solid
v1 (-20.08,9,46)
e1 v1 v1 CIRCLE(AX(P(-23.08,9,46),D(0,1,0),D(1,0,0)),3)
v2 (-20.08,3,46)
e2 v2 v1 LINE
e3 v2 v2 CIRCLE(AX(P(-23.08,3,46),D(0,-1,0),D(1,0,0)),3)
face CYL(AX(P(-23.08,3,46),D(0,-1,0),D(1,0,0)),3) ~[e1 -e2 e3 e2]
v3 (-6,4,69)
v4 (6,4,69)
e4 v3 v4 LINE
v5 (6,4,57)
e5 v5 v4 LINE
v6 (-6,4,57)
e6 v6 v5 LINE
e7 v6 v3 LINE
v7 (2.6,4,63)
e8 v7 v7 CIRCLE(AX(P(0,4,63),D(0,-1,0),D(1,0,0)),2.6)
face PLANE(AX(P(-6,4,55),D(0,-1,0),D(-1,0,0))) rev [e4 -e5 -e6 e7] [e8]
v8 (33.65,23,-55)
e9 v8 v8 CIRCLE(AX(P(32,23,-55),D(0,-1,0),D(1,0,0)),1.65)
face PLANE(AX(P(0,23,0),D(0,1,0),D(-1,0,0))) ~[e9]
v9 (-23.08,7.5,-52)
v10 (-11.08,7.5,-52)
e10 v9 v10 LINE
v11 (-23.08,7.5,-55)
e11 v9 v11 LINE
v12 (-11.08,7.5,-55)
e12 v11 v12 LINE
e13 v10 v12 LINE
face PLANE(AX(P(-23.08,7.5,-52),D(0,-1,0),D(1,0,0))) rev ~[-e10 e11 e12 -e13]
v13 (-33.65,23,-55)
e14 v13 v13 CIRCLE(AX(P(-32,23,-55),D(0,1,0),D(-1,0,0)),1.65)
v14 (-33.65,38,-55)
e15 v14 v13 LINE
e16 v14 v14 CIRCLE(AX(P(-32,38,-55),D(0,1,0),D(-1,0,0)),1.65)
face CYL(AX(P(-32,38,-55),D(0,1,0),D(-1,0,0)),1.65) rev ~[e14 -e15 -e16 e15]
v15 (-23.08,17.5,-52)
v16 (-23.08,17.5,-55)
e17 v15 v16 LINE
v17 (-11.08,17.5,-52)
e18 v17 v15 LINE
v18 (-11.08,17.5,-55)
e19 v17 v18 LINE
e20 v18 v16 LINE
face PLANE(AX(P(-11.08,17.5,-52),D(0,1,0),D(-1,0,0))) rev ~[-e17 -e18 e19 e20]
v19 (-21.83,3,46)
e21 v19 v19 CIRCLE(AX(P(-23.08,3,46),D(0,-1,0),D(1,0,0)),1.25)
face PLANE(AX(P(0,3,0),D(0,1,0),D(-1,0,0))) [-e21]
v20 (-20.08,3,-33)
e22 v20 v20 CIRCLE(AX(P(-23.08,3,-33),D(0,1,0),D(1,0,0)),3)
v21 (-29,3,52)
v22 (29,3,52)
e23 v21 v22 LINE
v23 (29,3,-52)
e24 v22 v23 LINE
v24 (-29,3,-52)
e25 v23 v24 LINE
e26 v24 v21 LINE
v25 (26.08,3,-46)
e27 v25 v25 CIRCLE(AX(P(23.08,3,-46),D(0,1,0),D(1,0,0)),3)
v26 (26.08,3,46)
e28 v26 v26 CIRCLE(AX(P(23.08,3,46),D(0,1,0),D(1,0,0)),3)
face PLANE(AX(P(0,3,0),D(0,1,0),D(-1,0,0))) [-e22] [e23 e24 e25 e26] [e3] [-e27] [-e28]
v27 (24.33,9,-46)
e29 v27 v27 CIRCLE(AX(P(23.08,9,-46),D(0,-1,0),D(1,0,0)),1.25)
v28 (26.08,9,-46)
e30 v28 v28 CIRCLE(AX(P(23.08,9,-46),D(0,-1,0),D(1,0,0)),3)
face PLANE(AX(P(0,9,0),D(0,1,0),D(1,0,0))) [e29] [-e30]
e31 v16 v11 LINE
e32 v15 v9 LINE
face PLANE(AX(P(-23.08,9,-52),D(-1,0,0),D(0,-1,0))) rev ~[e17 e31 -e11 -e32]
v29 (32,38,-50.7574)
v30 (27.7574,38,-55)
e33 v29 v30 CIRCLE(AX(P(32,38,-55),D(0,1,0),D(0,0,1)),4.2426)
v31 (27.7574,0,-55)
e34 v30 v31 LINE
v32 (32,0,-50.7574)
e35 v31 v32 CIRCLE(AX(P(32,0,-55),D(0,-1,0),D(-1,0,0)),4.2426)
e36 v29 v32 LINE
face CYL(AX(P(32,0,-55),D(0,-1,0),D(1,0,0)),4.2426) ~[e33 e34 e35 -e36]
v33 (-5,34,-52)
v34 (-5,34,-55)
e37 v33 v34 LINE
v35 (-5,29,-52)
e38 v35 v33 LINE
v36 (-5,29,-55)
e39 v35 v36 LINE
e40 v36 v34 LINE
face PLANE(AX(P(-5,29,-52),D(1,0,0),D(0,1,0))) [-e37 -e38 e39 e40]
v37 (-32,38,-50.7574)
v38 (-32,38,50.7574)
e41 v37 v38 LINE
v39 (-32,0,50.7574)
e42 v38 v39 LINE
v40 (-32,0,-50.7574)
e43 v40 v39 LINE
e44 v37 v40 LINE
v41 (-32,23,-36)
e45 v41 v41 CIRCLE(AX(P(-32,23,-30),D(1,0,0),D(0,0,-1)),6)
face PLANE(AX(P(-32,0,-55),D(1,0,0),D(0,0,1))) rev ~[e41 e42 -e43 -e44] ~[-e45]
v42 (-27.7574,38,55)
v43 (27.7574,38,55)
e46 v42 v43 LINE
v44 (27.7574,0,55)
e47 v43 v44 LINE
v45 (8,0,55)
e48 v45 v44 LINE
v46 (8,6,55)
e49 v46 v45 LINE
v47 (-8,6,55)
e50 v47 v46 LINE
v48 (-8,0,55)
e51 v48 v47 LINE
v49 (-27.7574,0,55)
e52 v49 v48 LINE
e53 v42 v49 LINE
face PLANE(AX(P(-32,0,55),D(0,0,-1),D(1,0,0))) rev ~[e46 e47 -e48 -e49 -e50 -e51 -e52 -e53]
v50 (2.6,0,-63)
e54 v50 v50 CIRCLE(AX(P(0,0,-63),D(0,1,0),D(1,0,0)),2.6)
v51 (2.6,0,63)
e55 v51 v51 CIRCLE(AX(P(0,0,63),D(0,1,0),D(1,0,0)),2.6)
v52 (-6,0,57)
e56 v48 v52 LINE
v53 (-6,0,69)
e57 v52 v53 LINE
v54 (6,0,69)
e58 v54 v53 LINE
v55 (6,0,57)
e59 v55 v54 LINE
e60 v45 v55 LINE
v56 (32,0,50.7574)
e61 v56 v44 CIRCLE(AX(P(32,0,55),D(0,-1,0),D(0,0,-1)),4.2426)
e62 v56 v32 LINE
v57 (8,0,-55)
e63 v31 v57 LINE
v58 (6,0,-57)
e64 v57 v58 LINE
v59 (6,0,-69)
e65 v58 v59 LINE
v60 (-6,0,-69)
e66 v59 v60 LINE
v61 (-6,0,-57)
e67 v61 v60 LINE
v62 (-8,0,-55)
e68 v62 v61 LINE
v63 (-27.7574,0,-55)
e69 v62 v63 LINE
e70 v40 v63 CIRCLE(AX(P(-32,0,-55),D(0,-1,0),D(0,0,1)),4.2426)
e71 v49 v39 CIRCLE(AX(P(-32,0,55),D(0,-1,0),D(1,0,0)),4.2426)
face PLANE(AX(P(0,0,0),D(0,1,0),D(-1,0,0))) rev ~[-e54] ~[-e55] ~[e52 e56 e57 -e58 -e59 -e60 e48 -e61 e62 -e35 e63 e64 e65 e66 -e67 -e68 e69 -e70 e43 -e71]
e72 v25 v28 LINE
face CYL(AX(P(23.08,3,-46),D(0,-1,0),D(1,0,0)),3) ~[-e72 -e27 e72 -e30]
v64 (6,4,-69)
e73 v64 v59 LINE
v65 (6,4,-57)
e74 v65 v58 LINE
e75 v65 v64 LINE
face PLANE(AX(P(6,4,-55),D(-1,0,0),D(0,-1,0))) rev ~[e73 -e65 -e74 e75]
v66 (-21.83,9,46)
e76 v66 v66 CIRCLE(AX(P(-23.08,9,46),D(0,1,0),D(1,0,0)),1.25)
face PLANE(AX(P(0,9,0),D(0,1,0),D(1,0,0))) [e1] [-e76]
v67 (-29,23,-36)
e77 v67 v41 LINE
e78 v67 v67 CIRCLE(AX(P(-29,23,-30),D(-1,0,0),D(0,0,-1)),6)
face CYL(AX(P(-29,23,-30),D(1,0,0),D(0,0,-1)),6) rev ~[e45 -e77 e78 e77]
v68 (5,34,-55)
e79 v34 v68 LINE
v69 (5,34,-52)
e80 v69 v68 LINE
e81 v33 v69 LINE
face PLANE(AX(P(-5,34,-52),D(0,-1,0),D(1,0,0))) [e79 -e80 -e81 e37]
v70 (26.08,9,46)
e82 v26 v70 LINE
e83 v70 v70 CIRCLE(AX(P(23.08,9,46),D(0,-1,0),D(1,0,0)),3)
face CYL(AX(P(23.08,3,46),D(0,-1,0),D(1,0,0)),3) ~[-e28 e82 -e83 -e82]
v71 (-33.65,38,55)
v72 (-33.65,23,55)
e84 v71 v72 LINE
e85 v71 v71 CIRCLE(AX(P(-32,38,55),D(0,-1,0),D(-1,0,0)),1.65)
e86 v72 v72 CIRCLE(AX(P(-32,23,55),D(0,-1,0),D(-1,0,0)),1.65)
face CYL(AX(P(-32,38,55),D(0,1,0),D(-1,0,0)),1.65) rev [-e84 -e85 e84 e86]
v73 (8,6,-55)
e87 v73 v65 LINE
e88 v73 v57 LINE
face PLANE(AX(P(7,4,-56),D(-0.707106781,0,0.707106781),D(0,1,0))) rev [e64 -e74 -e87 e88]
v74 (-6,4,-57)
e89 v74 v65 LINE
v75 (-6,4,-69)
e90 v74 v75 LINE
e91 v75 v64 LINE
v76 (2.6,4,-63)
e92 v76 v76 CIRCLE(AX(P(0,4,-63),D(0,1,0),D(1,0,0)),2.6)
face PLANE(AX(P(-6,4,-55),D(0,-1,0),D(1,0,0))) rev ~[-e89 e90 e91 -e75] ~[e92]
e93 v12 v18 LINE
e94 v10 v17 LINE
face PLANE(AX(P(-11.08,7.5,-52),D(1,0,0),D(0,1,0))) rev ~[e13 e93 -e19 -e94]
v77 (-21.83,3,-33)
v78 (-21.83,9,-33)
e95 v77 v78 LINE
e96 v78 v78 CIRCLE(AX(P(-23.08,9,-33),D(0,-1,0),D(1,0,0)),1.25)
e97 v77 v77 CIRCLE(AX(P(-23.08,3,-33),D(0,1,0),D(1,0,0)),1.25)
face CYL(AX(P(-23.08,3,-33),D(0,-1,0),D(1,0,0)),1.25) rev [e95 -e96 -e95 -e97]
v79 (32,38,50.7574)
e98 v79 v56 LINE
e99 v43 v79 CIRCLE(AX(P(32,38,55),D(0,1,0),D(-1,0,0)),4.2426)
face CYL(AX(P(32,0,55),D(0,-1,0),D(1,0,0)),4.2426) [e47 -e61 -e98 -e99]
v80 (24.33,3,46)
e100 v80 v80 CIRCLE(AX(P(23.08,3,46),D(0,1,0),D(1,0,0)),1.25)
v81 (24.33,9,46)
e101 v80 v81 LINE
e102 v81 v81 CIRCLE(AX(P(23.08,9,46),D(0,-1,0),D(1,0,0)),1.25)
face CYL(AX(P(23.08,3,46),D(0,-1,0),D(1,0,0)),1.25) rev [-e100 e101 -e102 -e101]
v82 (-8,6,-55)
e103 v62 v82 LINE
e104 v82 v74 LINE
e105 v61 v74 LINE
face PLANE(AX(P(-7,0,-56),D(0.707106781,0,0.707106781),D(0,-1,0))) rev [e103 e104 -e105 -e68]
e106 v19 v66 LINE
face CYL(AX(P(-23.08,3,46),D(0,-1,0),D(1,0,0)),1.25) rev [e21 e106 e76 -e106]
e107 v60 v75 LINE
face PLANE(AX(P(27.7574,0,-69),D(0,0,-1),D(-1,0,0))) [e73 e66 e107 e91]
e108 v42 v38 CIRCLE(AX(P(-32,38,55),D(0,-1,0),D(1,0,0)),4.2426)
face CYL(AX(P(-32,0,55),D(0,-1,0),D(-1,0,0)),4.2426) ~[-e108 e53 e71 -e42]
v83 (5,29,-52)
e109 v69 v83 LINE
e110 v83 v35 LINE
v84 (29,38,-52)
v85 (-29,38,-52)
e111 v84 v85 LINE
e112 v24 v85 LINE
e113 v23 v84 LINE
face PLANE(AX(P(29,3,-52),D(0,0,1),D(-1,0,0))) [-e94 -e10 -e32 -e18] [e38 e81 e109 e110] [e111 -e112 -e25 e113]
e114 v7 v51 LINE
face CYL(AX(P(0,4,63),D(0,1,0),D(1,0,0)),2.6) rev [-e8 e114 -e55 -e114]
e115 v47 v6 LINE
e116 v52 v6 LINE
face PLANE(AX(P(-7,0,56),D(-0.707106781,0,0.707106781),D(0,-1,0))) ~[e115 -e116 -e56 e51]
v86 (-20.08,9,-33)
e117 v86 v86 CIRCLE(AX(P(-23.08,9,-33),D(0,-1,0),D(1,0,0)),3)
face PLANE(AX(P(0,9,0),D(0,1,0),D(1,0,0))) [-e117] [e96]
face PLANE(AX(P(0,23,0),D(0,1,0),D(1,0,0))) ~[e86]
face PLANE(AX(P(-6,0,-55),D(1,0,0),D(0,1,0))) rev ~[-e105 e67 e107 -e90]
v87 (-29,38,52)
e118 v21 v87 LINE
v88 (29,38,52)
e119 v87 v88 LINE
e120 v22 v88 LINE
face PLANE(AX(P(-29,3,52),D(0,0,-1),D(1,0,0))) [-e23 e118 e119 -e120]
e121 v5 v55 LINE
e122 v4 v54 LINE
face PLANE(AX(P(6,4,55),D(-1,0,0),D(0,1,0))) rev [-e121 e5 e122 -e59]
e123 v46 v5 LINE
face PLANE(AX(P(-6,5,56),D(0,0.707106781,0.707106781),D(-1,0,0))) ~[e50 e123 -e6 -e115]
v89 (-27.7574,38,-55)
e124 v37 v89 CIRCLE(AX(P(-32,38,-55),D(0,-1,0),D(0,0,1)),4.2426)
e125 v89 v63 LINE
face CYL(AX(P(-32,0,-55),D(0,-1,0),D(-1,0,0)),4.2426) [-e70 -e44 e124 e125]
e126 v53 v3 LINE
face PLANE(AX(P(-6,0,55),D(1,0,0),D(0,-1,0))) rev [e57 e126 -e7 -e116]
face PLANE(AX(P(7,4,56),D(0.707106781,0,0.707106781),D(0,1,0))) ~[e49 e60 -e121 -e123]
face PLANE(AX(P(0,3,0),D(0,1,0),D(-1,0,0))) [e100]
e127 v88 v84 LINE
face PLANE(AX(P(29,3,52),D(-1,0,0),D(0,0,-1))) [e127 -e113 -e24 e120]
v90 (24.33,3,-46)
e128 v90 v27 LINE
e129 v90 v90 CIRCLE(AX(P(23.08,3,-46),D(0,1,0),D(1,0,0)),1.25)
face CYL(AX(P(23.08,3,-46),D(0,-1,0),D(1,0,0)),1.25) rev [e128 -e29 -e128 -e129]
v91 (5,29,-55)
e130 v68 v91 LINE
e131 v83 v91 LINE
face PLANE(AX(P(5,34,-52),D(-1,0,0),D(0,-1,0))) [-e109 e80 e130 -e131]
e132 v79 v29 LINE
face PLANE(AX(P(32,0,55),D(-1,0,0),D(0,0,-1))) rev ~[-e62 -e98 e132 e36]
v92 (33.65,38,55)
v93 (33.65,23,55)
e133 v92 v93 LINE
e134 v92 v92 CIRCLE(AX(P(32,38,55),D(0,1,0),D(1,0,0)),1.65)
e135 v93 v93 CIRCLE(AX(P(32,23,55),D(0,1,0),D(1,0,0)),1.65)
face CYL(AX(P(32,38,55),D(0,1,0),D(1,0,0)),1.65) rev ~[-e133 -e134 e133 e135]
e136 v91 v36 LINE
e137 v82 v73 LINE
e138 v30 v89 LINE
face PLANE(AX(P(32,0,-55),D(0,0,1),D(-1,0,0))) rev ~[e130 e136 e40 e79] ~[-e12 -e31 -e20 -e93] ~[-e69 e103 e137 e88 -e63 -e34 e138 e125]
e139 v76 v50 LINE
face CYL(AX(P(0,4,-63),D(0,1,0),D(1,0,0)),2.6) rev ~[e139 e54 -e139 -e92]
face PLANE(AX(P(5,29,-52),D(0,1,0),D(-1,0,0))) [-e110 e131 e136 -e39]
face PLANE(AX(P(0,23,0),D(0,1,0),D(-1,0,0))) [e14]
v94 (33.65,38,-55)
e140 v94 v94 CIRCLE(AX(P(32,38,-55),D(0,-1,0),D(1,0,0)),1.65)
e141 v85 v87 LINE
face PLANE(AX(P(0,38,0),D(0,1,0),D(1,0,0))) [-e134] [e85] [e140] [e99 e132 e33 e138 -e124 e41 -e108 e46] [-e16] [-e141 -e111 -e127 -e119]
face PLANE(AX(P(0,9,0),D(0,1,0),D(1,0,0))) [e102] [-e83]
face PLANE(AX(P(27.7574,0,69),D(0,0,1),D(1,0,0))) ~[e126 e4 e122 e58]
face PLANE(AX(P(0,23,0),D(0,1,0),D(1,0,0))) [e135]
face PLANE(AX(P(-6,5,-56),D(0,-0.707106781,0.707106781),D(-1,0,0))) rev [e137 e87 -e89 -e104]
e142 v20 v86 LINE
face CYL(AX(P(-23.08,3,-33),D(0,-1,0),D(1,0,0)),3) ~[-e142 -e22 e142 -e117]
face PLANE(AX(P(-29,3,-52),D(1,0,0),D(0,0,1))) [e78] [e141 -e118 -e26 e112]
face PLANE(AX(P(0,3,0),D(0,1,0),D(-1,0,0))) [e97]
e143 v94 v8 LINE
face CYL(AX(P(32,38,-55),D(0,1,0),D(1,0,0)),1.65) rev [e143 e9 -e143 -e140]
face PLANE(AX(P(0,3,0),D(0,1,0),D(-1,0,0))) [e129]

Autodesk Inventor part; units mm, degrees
ref_plane "YZ Plane" through (0, 0, 0) normal (1, 0, 0) x (0, 1, 0)
ref_plane "XZ Plane" through (0, 0, 0) normal (0, 1, 0) x (-1, 0, 0)
ref_plane "XY Plane" through (0, 0, 0) normal (0, 0, 1) x (1, 0, 0)
sketch "Sketch1" plane through (0, 0, 0) normal (0, 1, 0) x (-1, 0, 0)
  line L0 (32, 55) -> (-32, 55)
  line L1 (-32, 55) -> (-32, -55)
  line L2 (-32, -55) -> (32, -55)
  line L3 (32, -55) -> (32, 55)
  line L4 (32, 55) -> (-32, -55) construction
  line L5 (-32, 55) -> (32, -55) construction
  point P0 (0, 0)
  dimension "d0" = 64
  dimension "d1" = 110
extrude "Extrusion1" add sketch "Sketch1" along normal blind 3
sketch "Sketch2" plane through (0, 3, 0) normal (0, 1, 0) x (1, 0, 0)
  line L0 (-32, -55) -> (32, -55) projected
  line L1 (32, -55) -> (32, 55) projected
  line L2 (32, 55) -> (-32, 55) projected
  line L3 (-32, 55) -> (-32, -55) projected
  line L4 (-32, -55) -> (32, -55)
  line L5 (32, -55) -> (32, 55)
  line L6 (32, 55) -> (-32, 55)
  line L7 (-32, 55) -> (-32, -55)
  line L8 (-32, -55) -> (32, 55) construction
  line L9 (32, -55) -> (-32, 55) construction
  line L10 (-29, -52) -> (29, -52)
  line L11 (29, -52) -> (29, 52)
  line L12 (29, 52) -> (-29, 52)
  line L13 (-29, 52) -> (-29, -52)
  point P0 (0, 0)
  dimension "d4" = 3
  dimension "d5" = 3
  dimension "d6" = 3
  dimension "d7" = 3
extrude "Extrusion2" add sketch "Sketch2" along normal blind 35
sketch "Sketch3" plane through (0, 3, 0) normal (0, 1, 0) x (1, 0, 0)
  line L0 (-23.08, -46) -> (23.08, -46)
  line L1 (23.08, -46) -> (23.08, 46)
  line L2 (23.08, 46) -> (-23.08, 46)
  line L3 (-23.08, 46) -> (-23.08, -46)
  circle A0 centre (-23.08, -46) radius 1.25
  circle A1 centre (23.08, -46) radius 1.25
  circle A2 centre (23.08, 46) radius 1.25
  circle A3 centre (-23.08, 33) radius 1.25
  line L4 (-29, -52) -> (-29, 52) projected
  line L5 (29, 52) -> (29, -52) projected
  line L6 (-29, 52) -> (29, 52) projected
  line L7 (29, -52) -> (-29, -52) projected
  circle A4 centre (-23.08, -46) radius 3
  circle A5 centre (-23.08, 33) radius 3
  circle A6 centre (23.08, -46) radius 3
  circle A7 centre (23.08, 46) radius 3
  point P0 (0, 0)
  dimension "d15" = 46.16
  dimension "d16" = 92
  dimension "d17" = 2.5
  dimension "d18" = 2.5
  dimension "d19" = 2.5
  dimension "d20" = 2.5
  dimension "d21" = 79
  dimension "d22" = 5.92
  dimension "d23" = 5.92
  dimension "d24" = 6
  dimension "d25" = 6
  dimension "d26" = 6
  dimension "d27" = 6
  dimension "d28" = 6
  dimension "d29" = 6
extrude "Extrusion3" add sketch "Sketch3" along normal blind 6 contours A0 L3 A4 L0 | L0 A4 L3 A0 | A6 L1 A1 L0 | L0 A1 L1 A6 | A5 L3 A3 | L3 A3 A5 | A7 L2 A2 L1 | L1 A2 L2 A7
sketch "Sketch4" plane through (-29, 3, -52) normal (0, 0, 1) x (1, 0, 0)
  line L0 (8.92, 6) -> (2.92, 6) projected
  line L1 (5.92, 4.5) -> (17.92, 4.5)
  line L2 (17.92, 4.5) -> (17.92, 14.5)
  line L3 (17.92, 14.5) -> (5.92, 14.5)
  line L4 (5.92, 14.5) -> (5.92, 4.5)
  point P0 (29, -3)
  dimension "d33" = 1.5
  dimension "d34" = 10
  dimension "d35" = 12
extrude "Extrusion4" cut sketch "Sketch4" against normal blind 6
sketch "Sketch5" plane through (-29, 3, -52) normal (0, 0, 1) x (1, 0, 0)
  line L0 (17.92, 14.5) -> (17.92, 4.5) projected
  line L1 (17.92, 4.5) -> (5.92, 4.5) projected
  line L2 (5.92, 4.5) -> (5.92, 14.5) projected
  line L3 (5.92, 14.5) -> (17.92, 14.5) projected
  line L4 (58, 0) -> (0, 0) projected
  line L5 (58, 0) -> (58, 35) projected
  line L6 (0, 35) -> (58, 35) projected
  line L7 (0, 0) -> (0, 35) projected
  line L8 (24, 31) -> (34, 31)
  line L9 (34, 31) -> (34, 26)
  line L10 (34, 26) -> (24, 26)
  line L11 (24, 26) -> (24, 31)
  line L12 (8.92, 6) -> (2.92, 6) projected
  point P0 (29, -3)
  dimension "d38" = 20
  dimension "d39" = 5
  dimension "d40" = 10
  dimension "d41" = 24
  dimension "d42" = 24
extrude "Extrusion5" cut sketch "Sketch5" against normal blind 6 contours L8 L9 L10 L11
sketch "Sketch7" plane through (0, 0, 0) normal (0, -1, 0) x (1, 0, 0)
  line L0 (29, 52) -> (-29, 52) projected
  line L1 (-29, 52) -> (-29, -52) projected
  line L2 (-29, -52) -> (29, -52) projected
  line L3 (29, -52) -> (29, 52) projected
  line L4 (29, 52) -> (-29, 52) projected
  line L5 (32, -55) -> (-32, -55) projected
  line L6 (-32, -55) -> (-32, 55) projected
  line L7 (-32, 55) -> (32, 55) projected
  line L8 (32, 55) -> (32, -55) projected
  line L9 (32, 55) -> (32, -55) projected
  circle A0 centre (32, 55) radius 4.2426
  point P0 (0, 0)
extrude "Extrusion6" add sketch "Sketch7" against normal blind 38 contours A0 L7 L8 | A0 L8 L7
sketch "Sketch8" plane through (0, 38, 0) normal (0, 1, 0) x (1, 0, 0)
  arc A0 (27.7574, -55) -> (32, -50.7574) centre (32, -55) ccw projected
  circle A1 centre (32, -55) radius 1.65
  point P0 (0, 0)
  dimension "d47" = 3.3
extrude "Extrusion7" cut sketch "Sketch8" against normal blind 15
mirror "Mirror1" about plane through (0, 0, 0) normal (1, 0, 0) of "Extrusion6", "Extrusion7"
mirror "Mirror2" about plane through (0, 0, 0) normal (0, 0, 1) of "Extrusion6", "Extrusion7", "Mirror1"
sketch "Sketch9" plane through (-29, 3, 52) normal (1, 0, 0) x (0, 0, -1)
  line L0 (88, 6) -> (82, 6) projected
  circle A0 centre (82, 20) radius 6
  line L1 (85, 6) -> (85, 35)
  line L2 (0, 35) -> (104, 35) projected
  line L3 (85, 6) -> (114, 6) construction
  point P0 (52, -3)
  dimension "d50" = 12
  dimension "d51" = 14
  dimension "d52" = 90
  dimension "d53" = 3
extrude "Extrusion8" cut sketch "Sketch9" against normal through all
sketch "Sketch10" plane through (27.7574, 0, -55) normal (0, 0, -1) x (-1, 0, 0)
  line L0 (21.7574, 0) -> (33.7574, 0)
  line L1 (33.7574, 0) -> (33.7574, 4)
  line L2 (33.7574, 4) -> (21.7574, 4)
  line L3 (21.7574, 4) -> (21.7574, 0)
  line L4 (55.5147, 0) -> (55.5147, 38) projected
  line L5 (0, 38) -> (0, 0) projected
  point P0 (27.7574, 0)
  dimension "d56" = 4
  dimension "d57" = 12
  dimension "d58" = 21.7574
  dimension "d59" = 21.7574
extrude "Extrusion9" add sketch "Sketch10" along normal blind 14
chamfer "Chamfer1" distance 2 angle 45 3 edges at (6, 2, -55) (-6, 2, -55) (0, 4, -55)
sketch "Sketch11" plane through (-6, 4, -69) normal (0, 1, 0) x (1, 0, 0)
  line L0 (12, -12) -> (0, -12) projected
  line L1 (12, -12) -> (12, 0) projected
  line L2 (0, 0) -> (12, 0) projected
  line L3 (0, -12) -> (0, 0) projected
  circle A0 centre (6, -6) radius 2.6
  point P0 (6, -69)
  dimension "d65" = 5.2
  dimension "d66" = 6
  dimension "d67" = 6
extrude "Extrusion10" cut sketch "Sketch11" against normal through all contours A0
mirror "Mirror3" about plane through (0, 0, 0) normal (0, 0, 1) of "Extrusion9", "Extrusion10"
chamfer "Chamfer2" distance 2 angle 45 3 edges at (-6, 2, 55) (0, 4, 55) (6, 2, 55)
equation "\"d4\" = d5"
equation "\"d6\" = d5"
equation "\"d7\" = d5"
equation "\"d22\" = d23"
equation "\"d24\" = d25"
equation "\"d27\" = d26"
equation "\"d28\" = d26"
equation "\"d29\" = d26"
equation "\"d41\" = d42"
equation "\"d58\" = d59"
equation "\"d67\" = d66"
properties part number "Podstawa"
